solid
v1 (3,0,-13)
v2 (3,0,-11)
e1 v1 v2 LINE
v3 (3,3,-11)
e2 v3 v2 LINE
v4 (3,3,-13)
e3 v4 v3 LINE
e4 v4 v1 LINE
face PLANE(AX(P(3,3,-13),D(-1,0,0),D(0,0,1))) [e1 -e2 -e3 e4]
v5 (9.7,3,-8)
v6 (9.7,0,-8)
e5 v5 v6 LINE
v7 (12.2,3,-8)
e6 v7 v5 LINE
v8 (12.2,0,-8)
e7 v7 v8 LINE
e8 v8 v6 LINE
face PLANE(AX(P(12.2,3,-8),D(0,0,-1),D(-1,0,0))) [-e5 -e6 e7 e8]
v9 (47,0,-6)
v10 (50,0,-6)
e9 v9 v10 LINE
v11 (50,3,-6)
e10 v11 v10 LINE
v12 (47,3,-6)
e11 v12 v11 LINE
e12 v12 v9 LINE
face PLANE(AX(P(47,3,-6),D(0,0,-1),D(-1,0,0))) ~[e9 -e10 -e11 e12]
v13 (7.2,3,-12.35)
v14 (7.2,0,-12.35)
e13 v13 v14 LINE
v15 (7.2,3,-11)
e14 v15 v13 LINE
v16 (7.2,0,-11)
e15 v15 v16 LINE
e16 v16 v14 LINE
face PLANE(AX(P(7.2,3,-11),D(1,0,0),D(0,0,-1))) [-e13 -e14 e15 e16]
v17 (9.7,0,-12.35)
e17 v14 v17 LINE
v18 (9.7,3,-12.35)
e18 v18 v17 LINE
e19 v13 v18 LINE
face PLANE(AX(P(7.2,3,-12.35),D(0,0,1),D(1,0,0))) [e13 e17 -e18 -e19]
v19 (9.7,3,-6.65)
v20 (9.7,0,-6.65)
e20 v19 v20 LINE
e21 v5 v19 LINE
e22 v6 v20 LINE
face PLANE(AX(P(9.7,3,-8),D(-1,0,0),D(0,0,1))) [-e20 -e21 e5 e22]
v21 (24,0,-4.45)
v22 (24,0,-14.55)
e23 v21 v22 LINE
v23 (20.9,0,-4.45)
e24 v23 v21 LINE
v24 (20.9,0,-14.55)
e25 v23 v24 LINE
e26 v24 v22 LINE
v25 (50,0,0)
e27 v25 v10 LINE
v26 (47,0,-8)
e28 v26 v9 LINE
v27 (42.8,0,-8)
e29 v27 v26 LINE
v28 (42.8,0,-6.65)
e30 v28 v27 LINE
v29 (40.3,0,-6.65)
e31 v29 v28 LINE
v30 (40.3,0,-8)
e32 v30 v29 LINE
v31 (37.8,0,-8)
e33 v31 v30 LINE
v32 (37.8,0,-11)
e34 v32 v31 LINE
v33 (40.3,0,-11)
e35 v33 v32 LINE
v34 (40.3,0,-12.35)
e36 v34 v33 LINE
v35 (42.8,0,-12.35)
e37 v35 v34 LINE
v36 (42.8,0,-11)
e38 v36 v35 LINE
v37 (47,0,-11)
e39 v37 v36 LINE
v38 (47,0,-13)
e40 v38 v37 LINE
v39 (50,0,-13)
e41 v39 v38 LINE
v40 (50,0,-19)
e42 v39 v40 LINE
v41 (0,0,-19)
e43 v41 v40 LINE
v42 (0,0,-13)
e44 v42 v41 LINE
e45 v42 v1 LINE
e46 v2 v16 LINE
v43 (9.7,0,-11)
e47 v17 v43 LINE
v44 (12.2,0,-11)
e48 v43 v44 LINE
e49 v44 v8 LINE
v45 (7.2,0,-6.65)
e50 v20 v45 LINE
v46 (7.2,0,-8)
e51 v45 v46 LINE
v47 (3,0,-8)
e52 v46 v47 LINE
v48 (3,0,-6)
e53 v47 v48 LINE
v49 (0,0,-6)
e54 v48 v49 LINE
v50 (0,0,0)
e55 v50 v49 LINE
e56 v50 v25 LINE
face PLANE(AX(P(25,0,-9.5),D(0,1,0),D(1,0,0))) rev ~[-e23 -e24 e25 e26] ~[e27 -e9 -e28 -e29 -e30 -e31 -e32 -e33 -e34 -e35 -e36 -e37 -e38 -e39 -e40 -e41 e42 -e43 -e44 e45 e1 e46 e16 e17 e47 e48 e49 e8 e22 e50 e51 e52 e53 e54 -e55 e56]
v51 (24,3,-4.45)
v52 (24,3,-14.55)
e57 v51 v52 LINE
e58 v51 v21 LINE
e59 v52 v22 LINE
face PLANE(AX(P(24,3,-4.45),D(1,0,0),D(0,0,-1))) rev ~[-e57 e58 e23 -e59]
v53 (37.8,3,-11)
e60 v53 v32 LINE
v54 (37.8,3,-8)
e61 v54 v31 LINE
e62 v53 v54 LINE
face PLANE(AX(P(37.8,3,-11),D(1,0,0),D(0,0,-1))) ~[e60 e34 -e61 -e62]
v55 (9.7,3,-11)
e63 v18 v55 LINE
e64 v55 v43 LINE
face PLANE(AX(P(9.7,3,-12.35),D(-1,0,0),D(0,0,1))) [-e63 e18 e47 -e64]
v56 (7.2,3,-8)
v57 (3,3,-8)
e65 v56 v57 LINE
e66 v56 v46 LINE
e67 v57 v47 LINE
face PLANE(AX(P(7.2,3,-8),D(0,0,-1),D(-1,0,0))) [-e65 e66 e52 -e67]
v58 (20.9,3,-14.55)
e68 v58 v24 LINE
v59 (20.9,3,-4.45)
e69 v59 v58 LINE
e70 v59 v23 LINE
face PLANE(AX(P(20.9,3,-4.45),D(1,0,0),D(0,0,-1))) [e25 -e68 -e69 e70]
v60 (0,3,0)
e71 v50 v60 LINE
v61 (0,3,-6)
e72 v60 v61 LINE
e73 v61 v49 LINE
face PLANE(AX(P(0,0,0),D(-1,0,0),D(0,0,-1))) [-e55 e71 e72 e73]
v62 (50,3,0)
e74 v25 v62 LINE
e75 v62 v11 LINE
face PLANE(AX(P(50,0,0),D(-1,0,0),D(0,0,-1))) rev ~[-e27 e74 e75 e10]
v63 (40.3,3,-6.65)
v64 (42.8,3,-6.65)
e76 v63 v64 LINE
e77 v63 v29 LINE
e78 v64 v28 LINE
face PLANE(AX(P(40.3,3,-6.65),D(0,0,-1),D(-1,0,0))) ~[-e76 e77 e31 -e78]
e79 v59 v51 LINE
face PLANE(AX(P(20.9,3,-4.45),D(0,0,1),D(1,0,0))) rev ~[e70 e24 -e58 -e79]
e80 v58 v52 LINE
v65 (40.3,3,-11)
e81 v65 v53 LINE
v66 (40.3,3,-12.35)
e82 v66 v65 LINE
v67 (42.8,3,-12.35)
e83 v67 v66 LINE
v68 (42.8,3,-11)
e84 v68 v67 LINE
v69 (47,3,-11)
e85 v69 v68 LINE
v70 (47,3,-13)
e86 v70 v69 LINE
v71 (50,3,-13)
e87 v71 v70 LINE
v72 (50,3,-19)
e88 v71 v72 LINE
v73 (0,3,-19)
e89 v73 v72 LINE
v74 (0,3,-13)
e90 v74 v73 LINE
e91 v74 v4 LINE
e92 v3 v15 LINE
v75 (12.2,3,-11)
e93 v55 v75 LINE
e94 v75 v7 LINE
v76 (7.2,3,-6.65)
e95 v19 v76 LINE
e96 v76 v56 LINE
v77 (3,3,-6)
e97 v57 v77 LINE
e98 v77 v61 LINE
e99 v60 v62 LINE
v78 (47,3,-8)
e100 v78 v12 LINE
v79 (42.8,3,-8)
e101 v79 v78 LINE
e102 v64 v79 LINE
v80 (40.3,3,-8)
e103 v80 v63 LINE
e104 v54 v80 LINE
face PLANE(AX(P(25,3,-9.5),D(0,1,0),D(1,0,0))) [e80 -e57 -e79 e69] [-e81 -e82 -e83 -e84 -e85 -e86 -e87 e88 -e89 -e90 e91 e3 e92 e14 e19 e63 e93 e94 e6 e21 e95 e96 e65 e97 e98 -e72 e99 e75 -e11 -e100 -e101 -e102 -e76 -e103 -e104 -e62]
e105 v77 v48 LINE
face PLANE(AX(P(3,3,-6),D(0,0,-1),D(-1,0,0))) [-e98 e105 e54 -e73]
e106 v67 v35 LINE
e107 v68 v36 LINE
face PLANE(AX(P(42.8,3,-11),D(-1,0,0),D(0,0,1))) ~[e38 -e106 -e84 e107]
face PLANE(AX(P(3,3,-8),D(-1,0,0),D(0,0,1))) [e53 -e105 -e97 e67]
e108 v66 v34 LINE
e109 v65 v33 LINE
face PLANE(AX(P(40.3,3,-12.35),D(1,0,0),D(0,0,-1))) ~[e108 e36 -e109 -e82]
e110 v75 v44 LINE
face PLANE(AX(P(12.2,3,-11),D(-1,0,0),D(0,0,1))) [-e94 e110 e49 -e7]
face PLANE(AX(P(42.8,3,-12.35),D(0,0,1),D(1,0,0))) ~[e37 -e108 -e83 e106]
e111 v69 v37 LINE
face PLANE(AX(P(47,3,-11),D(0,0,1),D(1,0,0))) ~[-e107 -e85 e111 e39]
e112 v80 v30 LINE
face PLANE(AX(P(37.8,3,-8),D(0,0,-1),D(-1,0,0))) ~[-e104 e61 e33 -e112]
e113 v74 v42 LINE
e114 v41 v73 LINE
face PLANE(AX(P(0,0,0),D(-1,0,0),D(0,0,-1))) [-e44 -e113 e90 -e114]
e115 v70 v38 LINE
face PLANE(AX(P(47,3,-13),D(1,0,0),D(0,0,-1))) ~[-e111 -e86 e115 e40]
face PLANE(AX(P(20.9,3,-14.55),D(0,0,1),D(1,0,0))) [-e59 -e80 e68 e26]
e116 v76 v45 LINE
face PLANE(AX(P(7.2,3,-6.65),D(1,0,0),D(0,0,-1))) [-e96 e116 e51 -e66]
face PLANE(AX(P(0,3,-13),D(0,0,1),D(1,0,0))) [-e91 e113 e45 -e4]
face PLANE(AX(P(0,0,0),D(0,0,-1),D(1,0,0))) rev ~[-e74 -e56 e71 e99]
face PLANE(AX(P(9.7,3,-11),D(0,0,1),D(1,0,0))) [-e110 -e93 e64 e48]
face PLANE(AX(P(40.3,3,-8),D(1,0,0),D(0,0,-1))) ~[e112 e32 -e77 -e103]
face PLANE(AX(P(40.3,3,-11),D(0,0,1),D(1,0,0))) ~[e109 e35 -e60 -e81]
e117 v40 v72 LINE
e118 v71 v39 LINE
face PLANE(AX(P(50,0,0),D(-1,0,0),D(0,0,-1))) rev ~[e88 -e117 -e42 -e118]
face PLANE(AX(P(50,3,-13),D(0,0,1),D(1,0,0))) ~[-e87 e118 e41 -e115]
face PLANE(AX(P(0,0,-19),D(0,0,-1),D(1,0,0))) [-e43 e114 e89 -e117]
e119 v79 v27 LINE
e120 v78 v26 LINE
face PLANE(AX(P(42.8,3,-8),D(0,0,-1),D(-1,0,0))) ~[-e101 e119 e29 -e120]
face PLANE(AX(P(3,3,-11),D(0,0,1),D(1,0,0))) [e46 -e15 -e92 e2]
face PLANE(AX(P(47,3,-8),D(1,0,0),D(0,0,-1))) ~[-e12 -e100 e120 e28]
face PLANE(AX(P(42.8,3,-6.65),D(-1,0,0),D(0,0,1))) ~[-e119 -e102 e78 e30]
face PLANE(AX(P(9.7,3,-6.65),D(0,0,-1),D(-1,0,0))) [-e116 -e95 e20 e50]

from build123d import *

# Parameters (mm, degrees)
SKETCH2_W           = 50
SKETCH2_H           = 19
BOSS_EXTRUDE1_DEPTH = 3
CUT_EXTRUDE1_DEPTH  = 4
SKETCH4_W           = 3.1
SKETCH4_H           = 10.1
CUT_EXTRUDE2_DEPTH  = 4


with BuildPart() as part:
    # Sketch2 → Boss-Extrude1 (new body)
    with BuildSketch(Plane(origin=(0, 0, 0), x_dir=(1, 0, 0), z_dir=(0, 1, 0))):
        with Locations((25, 9.5)):
            Rectangle(SKETCH2_W, SKETCH2_H)
    extrude(amount=BOSS_EXTRUDE1_DEPTH)

    # Sketch3 → Cut-Extrude1 (cut, through all)
    with BuildSketch(Plane(origin=(0, 3, 0), x_dir=(1, 0, 0), z_dir=(0, 1, 0))):
        Polygon((0, 13), (3, 13), (3, 11), (7.2, 11), (7.2, 12.35), (9.7, 12.35), (9.7, 11), (12.2, 11), (12.2, 8), (9.7, 8), (9.7, 6.65), (7.2, 6.65), (7.2, 8), (3, 8), (3, 6), (0, 6), align=None)
    cut_extrude1 = extrude(amount=-CUT_EXTRUDE1_DEPTH, mode=Mode.SUBTRACT)

    # Mirror1: Cut-Extrude1 across plane
    add(cut_extrude1.mirror(Plane(origin=(25, 0, 0), x_dir=(0, 0, 1), z_dir=(1, 0, 0))), mode=Mode.SUBTRACT)

    # Sketch4 → Cut-Extrude2 (cut, through all)
    with BuildSketch(Plane(origin=(0, 3, 0), x_dir=(1, 0, 0), z_dir=(0, 1, 0))):
        with Locations((22.45, 9.5)):
            Rectangle(SKETCH4_W, SKETCH4_H)
    extrude(amount=-CUT_EXTRUDE2_DEPTH, mode=Mode.SUBTRACT)


solid = part.part
